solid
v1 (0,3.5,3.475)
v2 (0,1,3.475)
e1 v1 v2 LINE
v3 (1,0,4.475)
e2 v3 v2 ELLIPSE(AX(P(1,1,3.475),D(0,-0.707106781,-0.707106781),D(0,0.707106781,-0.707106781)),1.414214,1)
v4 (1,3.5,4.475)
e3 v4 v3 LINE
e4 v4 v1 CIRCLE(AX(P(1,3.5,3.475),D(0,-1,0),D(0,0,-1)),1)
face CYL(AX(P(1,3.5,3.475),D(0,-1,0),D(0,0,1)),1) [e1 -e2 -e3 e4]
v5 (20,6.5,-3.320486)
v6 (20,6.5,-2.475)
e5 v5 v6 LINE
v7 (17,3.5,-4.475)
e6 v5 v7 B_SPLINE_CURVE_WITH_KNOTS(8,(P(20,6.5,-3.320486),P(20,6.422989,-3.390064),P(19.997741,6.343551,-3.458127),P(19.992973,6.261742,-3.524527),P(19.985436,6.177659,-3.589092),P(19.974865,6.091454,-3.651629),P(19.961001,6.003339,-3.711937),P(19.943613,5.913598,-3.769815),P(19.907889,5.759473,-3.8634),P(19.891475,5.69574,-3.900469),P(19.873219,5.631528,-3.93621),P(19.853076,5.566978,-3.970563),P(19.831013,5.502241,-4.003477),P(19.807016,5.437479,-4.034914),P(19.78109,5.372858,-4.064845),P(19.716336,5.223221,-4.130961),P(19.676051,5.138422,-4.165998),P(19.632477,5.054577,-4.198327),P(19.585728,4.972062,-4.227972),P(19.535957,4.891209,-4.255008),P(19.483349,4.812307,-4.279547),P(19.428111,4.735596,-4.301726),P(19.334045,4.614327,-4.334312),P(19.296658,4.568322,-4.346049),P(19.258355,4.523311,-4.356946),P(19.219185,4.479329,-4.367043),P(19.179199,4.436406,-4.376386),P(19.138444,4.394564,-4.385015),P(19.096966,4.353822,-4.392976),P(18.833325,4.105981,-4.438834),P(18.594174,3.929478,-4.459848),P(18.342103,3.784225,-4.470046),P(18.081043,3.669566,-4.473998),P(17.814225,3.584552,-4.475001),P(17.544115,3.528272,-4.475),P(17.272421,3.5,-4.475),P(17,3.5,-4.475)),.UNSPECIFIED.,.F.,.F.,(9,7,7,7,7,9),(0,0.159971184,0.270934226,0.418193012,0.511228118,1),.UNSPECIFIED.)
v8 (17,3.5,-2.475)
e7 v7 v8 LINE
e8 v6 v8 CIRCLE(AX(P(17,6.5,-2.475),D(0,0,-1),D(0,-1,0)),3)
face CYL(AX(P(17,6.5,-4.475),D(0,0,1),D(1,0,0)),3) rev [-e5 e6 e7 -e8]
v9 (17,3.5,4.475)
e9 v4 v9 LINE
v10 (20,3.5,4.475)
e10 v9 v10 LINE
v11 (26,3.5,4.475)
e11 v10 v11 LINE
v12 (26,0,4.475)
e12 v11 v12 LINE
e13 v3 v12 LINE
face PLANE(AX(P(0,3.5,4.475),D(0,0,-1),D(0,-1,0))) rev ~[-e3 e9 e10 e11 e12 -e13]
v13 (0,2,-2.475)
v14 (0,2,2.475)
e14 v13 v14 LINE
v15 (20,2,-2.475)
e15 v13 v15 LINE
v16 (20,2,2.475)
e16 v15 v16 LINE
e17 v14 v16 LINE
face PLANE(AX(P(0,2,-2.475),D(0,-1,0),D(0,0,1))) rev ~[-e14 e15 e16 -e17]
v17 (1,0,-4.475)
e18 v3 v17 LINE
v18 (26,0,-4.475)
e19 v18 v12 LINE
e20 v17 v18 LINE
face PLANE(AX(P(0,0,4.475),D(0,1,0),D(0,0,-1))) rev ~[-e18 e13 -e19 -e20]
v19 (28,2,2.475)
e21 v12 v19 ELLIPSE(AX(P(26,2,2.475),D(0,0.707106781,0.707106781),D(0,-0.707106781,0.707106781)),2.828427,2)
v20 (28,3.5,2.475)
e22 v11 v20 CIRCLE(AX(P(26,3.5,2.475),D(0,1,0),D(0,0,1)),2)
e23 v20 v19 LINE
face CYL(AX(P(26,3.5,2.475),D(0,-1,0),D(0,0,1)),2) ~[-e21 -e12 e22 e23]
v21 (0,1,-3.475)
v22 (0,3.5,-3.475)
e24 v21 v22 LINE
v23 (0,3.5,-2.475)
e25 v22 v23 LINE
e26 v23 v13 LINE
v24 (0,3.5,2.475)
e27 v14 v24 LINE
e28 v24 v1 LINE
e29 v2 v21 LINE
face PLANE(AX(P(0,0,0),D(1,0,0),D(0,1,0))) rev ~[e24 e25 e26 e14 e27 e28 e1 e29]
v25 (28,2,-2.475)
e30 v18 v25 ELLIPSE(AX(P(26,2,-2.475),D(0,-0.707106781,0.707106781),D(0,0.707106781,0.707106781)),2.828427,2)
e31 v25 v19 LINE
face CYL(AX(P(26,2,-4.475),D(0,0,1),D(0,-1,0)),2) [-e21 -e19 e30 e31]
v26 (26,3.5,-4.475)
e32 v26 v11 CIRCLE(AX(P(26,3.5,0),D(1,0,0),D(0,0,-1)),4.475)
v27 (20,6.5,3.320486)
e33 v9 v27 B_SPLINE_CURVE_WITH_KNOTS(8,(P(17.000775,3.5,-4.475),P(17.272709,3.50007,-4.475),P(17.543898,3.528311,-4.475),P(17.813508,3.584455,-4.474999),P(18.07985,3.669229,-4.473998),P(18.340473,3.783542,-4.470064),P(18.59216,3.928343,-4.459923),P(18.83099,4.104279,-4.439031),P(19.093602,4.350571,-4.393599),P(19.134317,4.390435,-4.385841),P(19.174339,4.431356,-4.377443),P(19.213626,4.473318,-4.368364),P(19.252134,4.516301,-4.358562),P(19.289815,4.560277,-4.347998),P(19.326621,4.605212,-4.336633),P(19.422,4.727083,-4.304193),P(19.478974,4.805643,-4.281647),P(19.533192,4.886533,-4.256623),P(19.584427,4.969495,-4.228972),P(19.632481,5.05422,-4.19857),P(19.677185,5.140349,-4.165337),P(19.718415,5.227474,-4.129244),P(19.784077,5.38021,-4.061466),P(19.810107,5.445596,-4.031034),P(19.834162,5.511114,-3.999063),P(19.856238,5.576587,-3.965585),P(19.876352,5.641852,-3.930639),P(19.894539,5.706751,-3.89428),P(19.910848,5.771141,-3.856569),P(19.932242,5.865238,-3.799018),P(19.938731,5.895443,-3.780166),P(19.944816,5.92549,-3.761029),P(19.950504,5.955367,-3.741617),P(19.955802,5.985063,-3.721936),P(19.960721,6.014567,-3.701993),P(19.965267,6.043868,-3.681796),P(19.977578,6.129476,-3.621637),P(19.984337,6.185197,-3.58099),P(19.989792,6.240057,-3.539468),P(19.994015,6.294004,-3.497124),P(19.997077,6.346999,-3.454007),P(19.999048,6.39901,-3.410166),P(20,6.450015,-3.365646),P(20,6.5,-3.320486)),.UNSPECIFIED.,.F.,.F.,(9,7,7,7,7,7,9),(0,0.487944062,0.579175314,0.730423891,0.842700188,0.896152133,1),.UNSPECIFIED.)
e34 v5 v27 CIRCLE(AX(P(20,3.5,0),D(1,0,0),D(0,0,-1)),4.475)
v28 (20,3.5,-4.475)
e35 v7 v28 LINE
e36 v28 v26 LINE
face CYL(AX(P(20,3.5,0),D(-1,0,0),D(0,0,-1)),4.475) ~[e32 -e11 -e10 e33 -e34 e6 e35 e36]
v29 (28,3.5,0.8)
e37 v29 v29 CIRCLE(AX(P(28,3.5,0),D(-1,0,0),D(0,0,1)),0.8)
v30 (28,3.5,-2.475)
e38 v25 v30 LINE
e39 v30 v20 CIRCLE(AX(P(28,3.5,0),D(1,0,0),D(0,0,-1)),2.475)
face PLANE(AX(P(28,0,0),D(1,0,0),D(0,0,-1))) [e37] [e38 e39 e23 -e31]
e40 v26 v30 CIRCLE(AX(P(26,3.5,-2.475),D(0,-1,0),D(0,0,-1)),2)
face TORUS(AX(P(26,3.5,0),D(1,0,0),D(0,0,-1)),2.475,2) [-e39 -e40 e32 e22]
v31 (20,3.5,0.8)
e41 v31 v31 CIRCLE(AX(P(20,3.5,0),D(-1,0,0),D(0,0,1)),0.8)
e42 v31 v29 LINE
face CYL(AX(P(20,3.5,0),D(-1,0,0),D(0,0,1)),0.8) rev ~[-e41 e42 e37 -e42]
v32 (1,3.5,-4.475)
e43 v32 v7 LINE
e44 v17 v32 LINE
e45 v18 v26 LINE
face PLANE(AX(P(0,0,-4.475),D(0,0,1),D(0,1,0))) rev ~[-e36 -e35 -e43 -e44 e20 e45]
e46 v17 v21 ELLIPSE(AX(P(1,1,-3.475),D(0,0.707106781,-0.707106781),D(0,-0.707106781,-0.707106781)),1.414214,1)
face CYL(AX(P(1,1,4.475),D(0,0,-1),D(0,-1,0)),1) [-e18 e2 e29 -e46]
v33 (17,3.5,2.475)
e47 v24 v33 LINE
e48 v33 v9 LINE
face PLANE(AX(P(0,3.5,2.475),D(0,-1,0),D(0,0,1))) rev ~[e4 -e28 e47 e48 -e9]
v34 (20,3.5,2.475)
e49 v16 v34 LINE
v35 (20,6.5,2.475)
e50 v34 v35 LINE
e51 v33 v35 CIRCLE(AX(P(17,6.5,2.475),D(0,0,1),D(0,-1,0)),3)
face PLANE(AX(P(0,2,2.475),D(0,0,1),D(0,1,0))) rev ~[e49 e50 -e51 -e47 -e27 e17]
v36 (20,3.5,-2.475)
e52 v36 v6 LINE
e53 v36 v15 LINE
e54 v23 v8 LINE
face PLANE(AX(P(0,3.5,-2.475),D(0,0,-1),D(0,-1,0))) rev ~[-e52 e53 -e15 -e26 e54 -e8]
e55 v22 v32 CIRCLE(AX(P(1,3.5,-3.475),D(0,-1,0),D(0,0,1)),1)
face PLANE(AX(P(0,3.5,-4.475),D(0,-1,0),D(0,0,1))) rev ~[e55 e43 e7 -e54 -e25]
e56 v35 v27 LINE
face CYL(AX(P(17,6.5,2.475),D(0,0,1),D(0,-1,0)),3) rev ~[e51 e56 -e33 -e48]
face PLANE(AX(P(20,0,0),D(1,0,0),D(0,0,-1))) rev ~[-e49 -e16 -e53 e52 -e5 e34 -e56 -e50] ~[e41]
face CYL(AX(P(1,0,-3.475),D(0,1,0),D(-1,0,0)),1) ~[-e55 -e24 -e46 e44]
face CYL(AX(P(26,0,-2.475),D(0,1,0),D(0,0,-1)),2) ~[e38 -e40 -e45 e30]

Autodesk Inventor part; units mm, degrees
ref_plane "YZ Plane" through (0, 0, 0) normal (1, 0, 0) x (0, 1, 0)
ref_plane "XZ Plane" through (0, 0, 0) normal (0, 1, 0) x (-1, 0, 0)
ref_plane "XY Plane" through (0, 0, 0) normal (0, 0, 1) x (1, 0, 0)
sketch "Sketch1" plane through (0, 0, 0) normal (1, 0, 0) x (0, 1, 0)
  line L0 (3.5, 4.475) -> (0, 4.475)
  line L1 (0, 4.475) -> (0, -4.475)
  line L2 (0, -4.475) -> (3.5, -4.475)
  line L3 (3.5, -4.475) -> (3.5, -2.475)
  line L4 (3.5, -2.475) -> (2, -2.475)
  line L5 (2, -2.475) -> (2, 2.475)
  line L6 (2, 2.475) -> (3.5, 2.475)
  line L7 (3.5, 2.475) -> (3.5, 4.475)
  point P0 (0, 0)
  dimension "d0" = 2
  dimension "d1" = 2
  dimension "d2" = 2
  dimension "d4" = 2.475
  dimension "d5" = 2.475
  dimension "d6" = 1.5
extrude "Extrusion1" add sketch "Sketch1" along normal blind 20
sketch "Sketch2" plane through (20, 0, 0) normal (1, 0, 0) x (0, 0, -1)
  line L0 (-4.475, 0) -> (4.475, 0) projected
  line L1 (4.475, 0) -> (4.475, 3.5) projected
  line L2 (4.475, 3.5) -> (2.475, 3.5) projected
  line L3 (2.475, 3.5) -> (2.475, 2) projected
  line L4 (2.475, 2) -> (-2.475, 2) projected
  line L5 (-2.475, 2) -> (-2.475, 3.5) projected
  line L6 (-2.475, 3.5) -> (-4.475, 3.5) projected
  line L7 (-4.475, 3.5) -> (-4.475, 0) projected
  circle A0 centre (0, 3.5) radius 4.475
  line L8 (4.475, 0) -> (4.475, 3.5) projected
  point P0 (0, 0)
  point P1 (3.475, 3.5)
  point P2 (4.475, 3.5)
  point P3 (-4.475, 3.5)
extrude "Extrusion2" add sketch "Sketch2" along normal blind 8 contours L7 A0 L0 | A0 L6 L5 L4 L3 L2 L0 | A0 L2 L3 L4 L5 L6 | A0 L1 L0
sketch "Sketch3" plane through (20, 0, 0) normal (-1, 0, 0) x (0, 0, 1)
  circle A0 centre (0, 3.5) radius 0.8
  line L0 (-2.475, 2) -> (2.475, 2) projected
  line L1 (4.475, 0) -> (-4.475, 0) projected
  point P0 (0, 0)
  point P1 (0, 0)
  dimension "d11" = 1.6
  dimension "d17" = 1.5
extrude "Extrusion3" cut sketch "Sketch3" against normal blind 10
fillet "Fillet1" radius 3 2 edges at (20, 3.5, 3.475) (20, 3.5, -3.475)
fillet "Fillet2" radius 2 4 edges at (28, 1.75, 4.475) (28, 1.75, -4.475) (28, 7.975, 0) (28, 0, 0)
fillet "Fillet3" radius 1 3 edges at (0, 0, 0) (0, 1.75, -4.475) (0, 1.75, 4.475)
properties part number "Cable_tie_connector_p2"
